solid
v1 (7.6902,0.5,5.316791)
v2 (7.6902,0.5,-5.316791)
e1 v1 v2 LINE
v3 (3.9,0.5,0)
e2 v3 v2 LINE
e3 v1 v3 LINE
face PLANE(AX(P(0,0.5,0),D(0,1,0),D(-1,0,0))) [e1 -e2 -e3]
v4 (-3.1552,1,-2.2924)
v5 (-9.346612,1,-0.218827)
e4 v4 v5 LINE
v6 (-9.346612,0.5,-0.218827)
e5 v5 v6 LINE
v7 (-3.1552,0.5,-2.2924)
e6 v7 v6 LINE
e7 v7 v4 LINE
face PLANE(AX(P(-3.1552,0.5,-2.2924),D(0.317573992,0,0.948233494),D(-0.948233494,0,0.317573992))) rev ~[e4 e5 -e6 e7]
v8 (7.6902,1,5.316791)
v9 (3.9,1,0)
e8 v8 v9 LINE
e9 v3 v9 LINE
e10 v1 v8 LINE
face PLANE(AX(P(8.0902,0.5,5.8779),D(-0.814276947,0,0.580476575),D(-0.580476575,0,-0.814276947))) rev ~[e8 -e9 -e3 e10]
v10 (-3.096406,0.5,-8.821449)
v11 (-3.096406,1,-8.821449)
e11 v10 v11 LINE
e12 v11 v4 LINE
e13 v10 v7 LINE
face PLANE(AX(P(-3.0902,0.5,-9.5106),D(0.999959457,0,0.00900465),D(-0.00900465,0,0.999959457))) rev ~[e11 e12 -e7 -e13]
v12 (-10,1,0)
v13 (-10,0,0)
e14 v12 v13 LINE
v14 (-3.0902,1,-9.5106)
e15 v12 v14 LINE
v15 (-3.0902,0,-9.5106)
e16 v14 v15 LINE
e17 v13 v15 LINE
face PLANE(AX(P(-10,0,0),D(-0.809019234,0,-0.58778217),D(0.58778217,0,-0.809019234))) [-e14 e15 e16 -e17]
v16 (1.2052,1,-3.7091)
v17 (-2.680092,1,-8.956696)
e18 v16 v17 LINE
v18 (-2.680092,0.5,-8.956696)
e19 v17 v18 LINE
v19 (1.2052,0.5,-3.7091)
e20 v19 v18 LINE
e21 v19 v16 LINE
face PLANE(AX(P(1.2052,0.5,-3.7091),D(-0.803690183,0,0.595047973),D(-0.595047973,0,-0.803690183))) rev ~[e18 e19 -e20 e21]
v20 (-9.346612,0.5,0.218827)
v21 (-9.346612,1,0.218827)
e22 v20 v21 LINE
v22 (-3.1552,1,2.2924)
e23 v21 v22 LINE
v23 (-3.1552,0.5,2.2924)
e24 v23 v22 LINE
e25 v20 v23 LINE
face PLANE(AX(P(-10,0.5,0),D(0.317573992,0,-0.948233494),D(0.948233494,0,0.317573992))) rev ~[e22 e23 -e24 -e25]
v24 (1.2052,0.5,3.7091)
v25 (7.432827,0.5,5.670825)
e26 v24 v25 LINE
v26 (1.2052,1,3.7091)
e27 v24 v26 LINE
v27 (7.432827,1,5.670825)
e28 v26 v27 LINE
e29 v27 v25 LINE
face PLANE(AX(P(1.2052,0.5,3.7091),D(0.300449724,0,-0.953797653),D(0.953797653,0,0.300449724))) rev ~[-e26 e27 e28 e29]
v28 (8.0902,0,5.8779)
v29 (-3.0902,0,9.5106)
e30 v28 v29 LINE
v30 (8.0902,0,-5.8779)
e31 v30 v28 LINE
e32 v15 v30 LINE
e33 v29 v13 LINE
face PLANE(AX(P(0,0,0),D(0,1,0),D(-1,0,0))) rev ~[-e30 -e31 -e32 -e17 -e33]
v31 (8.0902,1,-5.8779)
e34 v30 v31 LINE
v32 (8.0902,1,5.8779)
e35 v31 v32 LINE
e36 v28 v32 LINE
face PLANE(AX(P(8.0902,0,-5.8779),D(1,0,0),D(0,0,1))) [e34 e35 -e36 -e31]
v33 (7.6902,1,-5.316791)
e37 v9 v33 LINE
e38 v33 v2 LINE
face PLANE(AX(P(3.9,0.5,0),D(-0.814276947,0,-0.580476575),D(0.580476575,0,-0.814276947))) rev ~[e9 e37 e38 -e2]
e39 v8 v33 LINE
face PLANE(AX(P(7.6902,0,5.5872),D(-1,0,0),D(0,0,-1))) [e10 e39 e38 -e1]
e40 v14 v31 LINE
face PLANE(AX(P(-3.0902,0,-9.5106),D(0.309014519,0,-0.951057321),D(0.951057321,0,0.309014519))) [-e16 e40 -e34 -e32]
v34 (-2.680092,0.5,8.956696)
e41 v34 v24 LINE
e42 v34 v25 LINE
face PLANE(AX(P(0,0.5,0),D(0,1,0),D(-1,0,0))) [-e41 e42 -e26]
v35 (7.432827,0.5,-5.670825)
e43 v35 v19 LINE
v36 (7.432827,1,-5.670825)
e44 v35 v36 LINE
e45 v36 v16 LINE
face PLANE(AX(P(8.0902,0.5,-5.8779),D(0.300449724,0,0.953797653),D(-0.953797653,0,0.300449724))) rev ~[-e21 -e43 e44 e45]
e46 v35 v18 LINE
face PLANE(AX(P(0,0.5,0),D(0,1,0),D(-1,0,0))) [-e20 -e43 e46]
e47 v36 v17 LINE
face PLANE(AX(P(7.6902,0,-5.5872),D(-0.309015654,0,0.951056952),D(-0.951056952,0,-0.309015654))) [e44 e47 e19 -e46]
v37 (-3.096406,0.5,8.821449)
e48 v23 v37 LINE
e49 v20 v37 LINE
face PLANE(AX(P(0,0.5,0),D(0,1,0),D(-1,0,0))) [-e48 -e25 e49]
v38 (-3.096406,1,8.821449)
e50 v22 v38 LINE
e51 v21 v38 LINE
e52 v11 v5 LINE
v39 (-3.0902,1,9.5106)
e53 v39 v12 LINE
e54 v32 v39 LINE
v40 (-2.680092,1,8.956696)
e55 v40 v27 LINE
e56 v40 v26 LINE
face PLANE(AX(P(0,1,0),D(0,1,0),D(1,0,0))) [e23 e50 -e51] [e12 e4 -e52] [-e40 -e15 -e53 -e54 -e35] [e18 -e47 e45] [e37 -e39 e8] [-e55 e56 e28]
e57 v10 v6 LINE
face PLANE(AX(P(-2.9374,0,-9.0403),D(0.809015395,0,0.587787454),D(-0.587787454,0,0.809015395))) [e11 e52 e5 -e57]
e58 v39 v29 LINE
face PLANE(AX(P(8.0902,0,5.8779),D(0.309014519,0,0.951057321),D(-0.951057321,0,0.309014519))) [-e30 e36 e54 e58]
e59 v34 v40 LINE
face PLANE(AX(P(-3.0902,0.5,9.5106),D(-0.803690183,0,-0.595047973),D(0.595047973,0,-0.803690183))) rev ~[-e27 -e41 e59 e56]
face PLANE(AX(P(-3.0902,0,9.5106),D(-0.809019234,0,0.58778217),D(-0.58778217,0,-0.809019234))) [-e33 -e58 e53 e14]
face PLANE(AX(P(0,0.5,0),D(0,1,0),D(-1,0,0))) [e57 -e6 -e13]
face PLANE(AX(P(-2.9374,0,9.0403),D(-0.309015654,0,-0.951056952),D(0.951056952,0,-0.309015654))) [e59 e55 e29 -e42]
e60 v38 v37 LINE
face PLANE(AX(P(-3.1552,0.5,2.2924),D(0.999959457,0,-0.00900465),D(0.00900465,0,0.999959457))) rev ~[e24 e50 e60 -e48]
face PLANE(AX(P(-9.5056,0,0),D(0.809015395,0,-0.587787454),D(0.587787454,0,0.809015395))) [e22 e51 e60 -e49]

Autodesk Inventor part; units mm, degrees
ref_plane "YZ Plane" through (0, 0, 0) normal (1, 0, 0) x (0, 1, 0)
ref_plane "XZ Plane" through (0, 0, 0) normal (0, 1, 0) x (-1, 0, 0)
ref_plane "XY Plane" through (0, 0, 0) normal (0, 0, 1) x (1, 0, 0)
sketch "Boceto1" plane through (0, 0, 0) normal (0, 1, 0) x (-1, 0, 0)
  circle A0 centre (0, 0) radius 10
  line L0 (10, 0) -> (3.0902, -9.5106)
  line L1 (3.0902, -9.5106) -> (-8.0902, -5.8779)
  line L2 (-8.0902, -5.8779) -> (-8.0902, 5.8779)
  line L3 (-8.0902, 5.8779) -> (3.0902, 9.5106)
  line L4 (3.0902, 9.5106) -> (10, 0)
  line L5 (-7.6902, -5.5872) -> (2.9374, -9.0403)
  line L6 (2.9374, -9.0403) -> (9.5056, 0)
  line L7 (9.5056, 0) -> (2.9374, 9.0403)
  line L8 (2.9374, 9.0403) -> (-7.6902, 5.5872)
  line L9 (-7.6902, 5.5872) -> (-7.6902, -5.5872)
  dimension "d0" = 20
  dimension "d1" = 0.4
extrude "Extrusión1" add sketch "Boceto1" along normal blind 1 contours L0 L1 L2 L3 L4
extrude "Extrusión2" add sketch "Boceto1" along normal blind 0.5 contours L9 L8 L7 L6 L5
sketch "Boceto2" plane through (0, 0.5, 0) normal (0, 1, 0) x (1, 0, 0)
  line L0 (8.0902, -5.8779) -> (8.0902, 5.8779) projected
  line L1 (8.0902, -5.8779) -> (3.9, 0)
  line L2 (3.9, 0) -> (8.0902, 5.8779)
  circle A0 centre (0, 0) radius 10 projected
  line L3 (8.0902, 5.8779) -> (1.2052, 3.7091)
  line L4 (1.2052, 3.7091) -> (-3.0902, 9.5106)
  line L5 (-3.0902, 9.5106) -> (-3.1552, 2.2924)
  line L6 (-3.1552, 2.2924) -> (-10, 0)
  line L7 (-10, 0) -> (-3.1552, -2.2924)
  line L8 (-3.1552, -2.2924) -> (-3.0902, -9.5106)
  line L9 (-3.0902, -9.5106) -> (1.2052, -3.7091)
  line L10 (1.2052, -3.7091) -> (8.0902, -5.8779)
  dimension "d6" = 3.9
  dimension "d9" = 360
extrude "Extrusión3" add sketch "Boceto2" along normal blind 0.5 contours L10 L9 L8 L7 L6 L5 L4 L3 L2 L1
properties part number "Pieza de practica 1"
